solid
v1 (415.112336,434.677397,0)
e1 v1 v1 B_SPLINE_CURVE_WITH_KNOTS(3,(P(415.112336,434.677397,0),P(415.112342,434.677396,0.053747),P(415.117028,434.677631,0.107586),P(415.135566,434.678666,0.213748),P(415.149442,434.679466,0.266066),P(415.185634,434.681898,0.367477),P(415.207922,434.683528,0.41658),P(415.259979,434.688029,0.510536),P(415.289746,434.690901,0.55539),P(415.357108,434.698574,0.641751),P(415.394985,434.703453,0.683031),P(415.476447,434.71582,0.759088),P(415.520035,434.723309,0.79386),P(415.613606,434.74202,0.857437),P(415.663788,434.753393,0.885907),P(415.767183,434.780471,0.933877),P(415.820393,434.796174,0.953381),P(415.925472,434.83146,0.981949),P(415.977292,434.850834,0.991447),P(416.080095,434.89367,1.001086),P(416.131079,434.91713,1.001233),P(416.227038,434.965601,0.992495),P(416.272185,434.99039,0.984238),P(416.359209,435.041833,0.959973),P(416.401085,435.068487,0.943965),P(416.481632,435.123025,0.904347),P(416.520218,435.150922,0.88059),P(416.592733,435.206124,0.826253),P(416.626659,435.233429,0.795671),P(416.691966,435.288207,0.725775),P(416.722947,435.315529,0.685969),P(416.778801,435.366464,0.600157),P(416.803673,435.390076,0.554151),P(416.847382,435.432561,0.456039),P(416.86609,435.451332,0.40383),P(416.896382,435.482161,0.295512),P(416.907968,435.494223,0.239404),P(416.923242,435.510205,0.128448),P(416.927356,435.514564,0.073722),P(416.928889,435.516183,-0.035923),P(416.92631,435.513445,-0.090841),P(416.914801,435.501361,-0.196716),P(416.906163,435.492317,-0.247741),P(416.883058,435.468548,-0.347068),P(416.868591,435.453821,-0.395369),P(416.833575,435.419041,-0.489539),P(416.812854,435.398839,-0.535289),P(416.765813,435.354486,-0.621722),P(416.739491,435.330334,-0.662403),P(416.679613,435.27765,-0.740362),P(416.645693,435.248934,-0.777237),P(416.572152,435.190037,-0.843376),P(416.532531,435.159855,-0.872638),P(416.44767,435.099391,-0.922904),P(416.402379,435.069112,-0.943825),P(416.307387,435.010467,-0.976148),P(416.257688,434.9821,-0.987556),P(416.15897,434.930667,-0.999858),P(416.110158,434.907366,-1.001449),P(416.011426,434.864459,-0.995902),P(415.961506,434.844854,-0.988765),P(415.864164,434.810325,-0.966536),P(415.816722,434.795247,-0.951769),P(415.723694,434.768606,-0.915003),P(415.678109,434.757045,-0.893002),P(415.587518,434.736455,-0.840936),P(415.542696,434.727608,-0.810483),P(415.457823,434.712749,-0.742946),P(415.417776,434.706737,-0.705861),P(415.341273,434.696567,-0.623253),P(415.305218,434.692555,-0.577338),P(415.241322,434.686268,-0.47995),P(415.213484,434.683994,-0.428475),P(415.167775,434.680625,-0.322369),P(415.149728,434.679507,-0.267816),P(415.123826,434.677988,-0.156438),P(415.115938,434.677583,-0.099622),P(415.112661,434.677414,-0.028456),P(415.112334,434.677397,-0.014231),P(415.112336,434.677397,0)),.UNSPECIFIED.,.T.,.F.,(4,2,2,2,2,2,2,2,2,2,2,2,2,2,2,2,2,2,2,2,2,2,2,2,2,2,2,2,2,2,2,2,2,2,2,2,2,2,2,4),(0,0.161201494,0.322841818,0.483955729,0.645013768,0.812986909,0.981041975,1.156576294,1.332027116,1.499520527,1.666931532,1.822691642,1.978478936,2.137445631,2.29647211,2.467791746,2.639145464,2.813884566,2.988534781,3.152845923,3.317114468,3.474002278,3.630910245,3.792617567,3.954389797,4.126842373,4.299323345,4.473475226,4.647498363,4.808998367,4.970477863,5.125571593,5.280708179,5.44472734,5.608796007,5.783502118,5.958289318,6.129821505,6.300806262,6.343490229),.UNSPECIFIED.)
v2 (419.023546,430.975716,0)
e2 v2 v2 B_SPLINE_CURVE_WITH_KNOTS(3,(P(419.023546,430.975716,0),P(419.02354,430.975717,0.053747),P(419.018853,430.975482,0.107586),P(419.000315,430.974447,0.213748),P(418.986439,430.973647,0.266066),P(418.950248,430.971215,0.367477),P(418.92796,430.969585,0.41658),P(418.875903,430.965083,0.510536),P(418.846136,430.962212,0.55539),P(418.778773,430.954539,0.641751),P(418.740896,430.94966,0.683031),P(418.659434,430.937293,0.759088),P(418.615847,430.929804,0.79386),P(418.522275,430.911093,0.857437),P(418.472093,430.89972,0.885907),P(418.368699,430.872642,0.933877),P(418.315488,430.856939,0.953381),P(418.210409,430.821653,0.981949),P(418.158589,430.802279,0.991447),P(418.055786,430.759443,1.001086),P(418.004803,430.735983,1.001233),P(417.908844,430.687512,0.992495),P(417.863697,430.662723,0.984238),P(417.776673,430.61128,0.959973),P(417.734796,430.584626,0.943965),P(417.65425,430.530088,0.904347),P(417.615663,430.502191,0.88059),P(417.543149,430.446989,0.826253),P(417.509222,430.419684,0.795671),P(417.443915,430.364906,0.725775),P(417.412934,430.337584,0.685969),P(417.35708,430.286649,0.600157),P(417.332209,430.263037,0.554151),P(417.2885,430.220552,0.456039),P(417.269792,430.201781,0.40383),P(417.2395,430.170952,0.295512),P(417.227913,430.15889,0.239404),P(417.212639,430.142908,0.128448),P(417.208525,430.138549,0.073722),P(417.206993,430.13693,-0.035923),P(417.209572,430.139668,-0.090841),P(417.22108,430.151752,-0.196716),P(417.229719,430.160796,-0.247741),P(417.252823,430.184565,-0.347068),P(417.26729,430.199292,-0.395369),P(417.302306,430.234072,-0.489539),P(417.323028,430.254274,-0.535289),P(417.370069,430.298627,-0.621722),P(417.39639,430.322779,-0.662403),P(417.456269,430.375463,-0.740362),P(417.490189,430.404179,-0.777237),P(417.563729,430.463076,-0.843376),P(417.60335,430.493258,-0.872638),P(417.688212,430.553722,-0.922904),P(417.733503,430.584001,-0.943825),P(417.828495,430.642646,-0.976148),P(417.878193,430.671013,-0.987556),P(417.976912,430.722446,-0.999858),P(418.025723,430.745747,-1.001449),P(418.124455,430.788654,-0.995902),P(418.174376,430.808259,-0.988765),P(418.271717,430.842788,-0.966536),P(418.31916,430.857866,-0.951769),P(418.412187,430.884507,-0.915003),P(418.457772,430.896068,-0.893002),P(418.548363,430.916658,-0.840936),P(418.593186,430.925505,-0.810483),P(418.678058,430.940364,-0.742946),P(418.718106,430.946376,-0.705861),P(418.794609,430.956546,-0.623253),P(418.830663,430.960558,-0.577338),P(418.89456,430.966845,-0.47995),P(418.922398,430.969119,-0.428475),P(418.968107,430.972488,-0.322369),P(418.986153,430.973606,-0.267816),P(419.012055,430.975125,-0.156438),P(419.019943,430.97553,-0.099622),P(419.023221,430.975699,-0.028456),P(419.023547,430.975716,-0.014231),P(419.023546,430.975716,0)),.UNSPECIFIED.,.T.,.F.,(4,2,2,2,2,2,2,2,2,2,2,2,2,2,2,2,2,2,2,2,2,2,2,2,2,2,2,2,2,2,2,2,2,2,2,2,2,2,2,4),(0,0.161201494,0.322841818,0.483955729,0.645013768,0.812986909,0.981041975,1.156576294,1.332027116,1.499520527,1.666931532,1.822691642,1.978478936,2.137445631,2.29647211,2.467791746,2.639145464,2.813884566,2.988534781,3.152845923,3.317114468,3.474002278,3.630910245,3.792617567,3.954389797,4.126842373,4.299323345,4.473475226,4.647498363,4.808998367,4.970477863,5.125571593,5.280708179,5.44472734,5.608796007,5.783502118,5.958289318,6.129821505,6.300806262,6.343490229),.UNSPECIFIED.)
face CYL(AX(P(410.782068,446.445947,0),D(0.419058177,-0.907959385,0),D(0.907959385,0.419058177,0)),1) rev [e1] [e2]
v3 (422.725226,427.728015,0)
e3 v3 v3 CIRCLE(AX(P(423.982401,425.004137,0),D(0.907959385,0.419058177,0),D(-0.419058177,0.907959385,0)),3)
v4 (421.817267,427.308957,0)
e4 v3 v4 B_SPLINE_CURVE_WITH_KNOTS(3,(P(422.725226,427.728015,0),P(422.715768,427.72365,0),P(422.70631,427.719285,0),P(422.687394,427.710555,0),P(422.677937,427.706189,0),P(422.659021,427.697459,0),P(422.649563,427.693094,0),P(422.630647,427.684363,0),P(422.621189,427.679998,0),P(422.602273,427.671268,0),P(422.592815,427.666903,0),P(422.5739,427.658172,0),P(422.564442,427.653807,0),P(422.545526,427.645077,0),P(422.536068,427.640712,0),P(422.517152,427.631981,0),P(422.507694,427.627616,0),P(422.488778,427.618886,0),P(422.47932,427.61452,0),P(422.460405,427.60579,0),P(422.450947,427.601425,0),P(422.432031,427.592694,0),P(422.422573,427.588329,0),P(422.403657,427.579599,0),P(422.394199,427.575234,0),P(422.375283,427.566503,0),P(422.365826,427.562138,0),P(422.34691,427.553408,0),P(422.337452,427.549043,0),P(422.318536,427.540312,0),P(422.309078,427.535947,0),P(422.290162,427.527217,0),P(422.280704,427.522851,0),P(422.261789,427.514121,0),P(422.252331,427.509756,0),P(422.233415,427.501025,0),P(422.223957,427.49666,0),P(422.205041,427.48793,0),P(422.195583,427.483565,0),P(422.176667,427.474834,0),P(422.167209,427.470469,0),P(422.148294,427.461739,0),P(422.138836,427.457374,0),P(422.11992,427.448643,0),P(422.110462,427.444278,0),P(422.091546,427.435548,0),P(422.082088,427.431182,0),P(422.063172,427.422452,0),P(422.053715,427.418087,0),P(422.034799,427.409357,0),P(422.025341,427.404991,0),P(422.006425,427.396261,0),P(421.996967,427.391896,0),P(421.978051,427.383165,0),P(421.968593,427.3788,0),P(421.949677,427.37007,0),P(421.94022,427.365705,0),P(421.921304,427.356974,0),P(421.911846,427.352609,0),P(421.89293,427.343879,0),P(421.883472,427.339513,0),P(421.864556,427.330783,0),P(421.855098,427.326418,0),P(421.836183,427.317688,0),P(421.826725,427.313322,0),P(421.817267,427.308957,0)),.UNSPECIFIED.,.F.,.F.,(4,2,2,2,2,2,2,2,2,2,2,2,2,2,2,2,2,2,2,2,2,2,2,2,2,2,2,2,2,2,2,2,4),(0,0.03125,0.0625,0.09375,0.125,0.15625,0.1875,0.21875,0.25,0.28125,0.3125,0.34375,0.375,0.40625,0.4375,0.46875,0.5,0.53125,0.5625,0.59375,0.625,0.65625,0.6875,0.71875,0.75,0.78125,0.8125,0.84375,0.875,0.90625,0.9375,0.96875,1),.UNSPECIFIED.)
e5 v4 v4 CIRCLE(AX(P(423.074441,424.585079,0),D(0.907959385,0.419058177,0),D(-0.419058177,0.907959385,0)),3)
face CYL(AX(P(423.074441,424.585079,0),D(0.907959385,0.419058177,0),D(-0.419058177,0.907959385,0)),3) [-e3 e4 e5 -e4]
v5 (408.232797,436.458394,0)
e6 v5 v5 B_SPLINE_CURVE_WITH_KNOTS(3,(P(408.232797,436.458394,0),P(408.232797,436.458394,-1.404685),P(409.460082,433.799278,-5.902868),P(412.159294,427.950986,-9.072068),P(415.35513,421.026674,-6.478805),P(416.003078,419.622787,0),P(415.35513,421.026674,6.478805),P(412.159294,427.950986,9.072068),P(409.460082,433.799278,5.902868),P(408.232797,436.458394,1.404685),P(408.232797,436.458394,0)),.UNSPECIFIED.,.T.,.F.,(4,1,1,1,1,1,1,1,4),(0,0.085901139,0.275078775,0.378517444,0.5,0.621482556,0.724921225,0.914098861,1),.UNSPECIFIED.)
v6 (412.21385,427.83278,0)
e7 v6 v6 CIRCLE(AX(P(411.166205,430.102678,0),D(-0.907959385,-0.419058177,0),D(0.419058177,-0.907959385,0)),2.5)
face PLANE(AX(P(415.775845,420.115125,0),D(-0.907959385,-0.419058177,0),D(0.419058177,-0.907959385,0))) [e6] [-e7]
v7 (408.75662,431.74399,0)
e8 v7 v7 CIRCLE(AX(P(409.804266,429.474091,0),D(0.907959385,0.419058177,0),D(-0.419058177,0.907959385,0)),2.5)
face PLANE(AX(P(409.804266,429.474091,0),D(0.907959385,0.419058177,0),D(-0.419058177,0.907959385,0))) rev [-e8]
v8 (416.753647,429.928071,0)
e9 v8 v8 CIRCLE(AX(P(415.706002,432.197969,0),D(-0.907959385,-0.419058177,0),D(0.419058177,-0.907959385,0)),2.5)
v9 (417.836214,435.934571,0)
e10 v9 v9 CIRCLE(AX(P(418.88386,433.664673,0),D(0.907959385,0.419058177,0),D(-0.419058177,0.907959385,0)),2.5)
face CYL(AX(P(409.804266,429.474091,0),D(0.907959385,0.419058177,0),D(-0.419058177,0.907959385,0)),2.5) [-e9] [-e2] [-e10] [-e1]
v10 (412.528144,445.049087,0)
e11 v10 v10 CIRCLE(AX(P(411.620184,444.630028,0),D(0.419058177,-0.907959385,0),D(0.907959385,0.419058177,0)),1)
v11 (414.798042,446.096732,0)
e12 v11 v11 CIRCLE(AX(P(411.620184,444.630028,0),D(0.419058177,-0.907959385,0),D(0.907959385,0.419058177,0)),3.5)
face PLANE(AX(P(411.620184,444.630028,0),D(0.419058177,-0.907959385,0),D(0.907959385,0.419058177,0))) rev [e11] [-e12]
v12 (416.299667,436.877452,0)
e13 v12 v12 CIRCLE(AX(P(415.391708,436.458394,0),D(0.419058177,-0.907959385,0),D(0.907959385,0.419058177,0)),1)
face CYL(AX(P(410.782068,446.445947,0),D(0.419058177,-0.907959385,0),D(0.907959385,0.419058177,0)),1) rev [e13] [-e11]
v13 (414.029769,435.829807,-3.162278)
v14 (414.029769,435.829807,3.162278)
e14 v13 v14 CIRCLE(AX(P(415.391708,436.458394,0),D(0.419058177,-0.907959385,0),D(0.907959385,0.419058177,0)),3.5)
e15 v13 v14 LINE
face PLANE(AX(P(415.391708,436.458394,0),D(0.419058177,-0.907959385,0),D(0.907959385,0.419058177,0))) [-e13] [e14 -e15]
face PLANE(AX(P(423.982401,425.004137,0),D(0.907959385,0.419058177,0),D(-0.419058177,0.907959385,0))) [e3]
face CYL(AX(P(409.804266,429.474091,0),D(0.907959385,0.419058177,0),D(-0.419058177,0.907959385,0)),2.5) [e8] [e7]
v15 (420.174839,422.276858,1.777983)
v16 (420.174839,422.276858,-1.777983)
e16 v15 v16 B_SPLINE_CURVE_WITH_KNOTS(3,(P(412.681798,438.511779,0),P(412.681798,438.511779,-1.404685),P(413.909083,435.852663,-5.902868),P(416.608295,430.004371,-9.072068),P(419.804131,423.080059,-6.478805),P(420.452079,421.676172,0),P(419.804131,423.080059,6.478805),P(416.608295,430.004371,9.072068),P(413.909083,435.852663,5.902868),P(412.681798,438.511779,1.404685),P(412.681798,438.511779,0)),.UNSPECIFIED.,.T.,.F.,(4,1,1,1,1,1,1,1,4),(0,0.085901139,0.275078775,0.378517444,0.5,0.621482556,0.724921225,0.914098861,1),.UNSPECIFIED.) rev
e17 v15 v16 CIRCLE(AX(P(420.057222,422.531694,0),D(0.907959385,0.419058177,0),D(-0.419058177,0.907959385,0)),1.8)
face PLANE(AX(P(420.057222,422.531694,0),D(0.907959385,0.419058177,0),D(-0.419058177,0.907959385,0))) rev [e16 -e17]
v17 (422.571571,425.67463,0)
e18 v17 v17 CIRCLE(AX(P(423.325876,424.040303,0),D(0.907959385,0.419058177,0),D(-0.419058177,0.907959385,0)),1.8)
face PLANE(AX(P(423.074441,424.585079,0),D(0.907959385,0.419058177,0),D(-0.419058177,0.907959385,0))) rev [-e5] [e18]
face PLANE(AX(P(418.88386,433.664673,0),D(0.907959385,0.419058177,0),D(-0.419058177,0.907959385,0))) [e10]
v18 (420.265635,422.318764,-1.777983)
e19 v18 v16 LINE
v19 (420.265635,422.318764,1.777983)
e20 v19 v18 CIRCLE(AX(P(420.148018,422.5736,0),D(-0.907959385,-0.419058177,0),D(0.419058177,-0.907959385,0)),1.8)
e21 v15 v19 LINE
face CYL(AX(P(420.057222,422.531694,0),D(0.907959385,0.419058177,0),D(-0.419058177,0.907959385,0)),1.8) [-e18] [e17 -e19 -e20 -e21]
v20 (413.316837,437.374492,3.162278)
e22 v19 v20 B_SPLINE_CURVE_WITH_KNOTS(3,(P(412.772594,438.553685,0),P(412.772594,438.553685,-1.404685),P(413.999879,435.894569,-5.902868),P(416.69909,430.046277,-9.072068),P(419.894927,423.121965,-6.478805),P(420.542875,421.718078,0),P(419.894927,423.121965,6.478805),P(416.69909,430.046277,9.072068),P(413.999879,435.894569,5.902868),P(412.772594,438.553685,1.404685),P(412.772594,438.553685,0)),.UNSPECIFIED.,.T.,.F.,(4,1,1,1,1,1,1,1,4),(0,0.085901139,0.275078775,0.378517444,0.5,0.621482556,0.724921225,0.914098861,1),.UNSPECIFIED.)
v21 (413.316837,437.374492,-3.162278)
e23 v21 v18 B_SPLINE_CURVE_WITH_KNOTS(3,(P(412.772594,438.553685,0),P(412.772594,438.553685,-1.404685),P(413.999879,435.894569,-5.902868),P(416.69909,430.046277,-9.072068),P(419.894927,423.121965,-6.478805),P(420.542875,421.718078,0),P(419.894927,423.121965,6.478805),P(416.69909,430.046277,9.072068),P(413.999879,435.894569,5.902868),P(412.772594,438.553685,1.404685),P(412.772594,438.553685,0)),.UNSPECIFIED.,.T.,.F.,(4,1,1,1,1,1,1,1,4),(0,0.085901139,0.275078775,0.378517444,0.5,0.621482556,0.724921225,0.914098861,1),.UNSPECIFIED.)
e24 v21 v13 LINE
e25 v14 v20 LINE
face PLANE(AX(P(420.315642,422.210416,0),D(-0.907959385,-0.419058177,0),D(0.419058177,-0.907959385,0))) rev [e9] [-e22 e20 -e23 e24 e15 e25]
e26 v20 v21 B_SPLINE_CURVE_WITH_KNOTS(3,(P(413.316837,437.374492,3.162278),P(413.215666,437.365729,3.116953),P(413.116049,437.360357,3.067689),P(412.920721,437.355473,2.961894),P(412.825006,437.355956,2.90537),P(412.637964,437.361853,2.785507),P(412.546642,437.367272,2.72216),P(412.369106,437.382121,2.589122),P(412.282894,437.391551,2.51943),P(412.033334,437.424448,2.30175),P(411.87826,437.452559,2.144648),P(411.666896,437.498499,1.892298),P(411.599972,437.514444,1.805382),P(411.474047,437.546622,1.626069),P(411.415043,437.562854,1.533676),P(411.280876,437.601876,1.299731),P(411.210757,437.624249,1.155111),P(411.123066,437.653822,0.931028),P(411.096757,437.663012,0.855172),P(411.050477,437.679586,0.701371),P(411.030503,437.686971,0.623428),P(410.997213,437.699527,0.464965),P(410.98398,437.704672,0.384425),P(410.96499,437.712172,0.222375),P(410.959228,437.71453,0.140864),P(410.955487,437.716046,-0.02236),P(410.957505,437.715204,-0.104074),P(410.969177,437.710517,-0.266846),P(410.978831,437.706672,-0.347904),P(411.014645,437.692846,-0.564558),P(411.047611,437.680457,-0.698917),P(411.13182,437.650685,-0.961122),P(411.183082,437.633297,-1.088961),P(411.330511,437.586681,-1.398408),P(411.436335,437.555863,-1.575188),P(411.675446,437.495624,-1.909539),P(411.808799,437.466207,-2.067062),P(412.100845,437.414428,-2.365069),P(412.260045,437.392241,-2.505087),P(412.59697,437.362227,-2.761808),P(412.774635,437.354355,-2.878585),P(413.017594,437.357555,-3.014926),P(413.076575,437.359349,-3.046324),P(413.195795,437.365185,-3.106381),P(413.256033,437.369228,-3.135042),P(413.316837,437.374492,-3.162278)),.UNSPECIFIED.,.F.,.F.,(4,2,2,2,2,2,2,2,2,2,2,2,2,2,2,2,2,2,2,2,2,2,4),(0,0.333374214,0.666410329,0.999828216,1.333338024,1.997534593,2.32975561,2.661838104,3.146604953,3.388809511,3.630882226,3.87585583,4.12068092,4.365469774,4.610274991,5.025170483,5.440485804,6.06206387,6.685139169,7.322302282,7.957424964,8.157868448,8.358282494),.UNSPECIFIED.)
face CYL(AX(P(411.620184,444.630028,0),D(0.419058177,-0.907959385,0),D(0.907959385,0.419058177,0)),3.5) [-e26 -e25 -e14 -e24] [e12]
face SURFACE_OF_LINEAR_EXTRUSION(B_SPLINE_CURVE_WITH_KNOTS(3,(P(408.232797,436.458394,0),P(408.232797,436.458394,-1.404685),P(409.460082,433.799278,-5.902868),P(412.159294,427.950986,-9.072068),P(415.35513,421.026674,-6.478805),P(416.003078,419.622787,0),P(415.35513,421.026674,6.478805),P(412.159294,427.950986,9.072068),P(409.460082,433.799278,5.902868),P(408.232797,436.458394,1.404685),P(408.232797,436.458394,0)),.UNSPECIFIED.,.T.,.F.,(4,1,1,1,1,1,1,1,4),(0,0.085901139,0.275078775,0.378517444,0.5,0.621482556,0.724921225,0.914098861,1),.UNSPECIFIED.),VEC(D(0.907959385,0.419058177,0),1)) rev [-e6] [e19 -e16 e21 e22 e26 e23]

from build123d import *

# Parameters (mm, degrees)
PLACA_DEPTH                    = 2.5
BUJE_CABLE_PROFILE_R           = 3.5
TORNILLO_PISACABLES_PROFILE_R  = 2.5
PASO_CABLE_PRINCIPAL_PROFILE_R = 1
PESTANA_PROFILE_R              = 1.8
LABIO_PROFILE_R                = 3


with BuildPart() as part:
    # Sk_Placa → Placa (new, symmetric)
    with BuildSketch(Plane(origin=(504.880130221, 233.021598564, 0), x_dir=(0, 0, 1), z_dir=(-0.9079593845004517, -0.41905817746174717, 0))):
        with BuildLine():
            add(Edge.make_bspline(
                [(0, 225.213202705), (1.404685151, 225.213202705), (5.902868455, 222.284529944), (9.072068195, 215.843391455), (6.4788047, 208.217156085), (0, 206.670955869), (-6.4788047, 208.217156085), (-9.072068195, 215.843391455), (-5.902868455, 222.284529944), (-1.404685151, 225.213202705), (0, 225.213202705)],
                knots=[0, 0, 0, 0, 0.085901139, 0.275078775, 0.378517444, 0.5, 0.621482556, 0.724921225, 0.914098861, 1, 1, 1, 1], degree=3))
        make_face()
    extrude(amount=PLACA_DEPTH, both=True)

    # Buje_cable: sweep along a curve in space
    with BuildLine() as buje_cable_path:
        Line((411.620184428, 444.63002849, 0), (415.391708025, 436.458394029, 0))
    # Buje_cable profile (on start of the path) → Buje_cable (sweep)
    with BuildSketch(Plane(origin=(411.620184428, 444.63002849, 0), x_dir=(-0.9079593845004499, -0.4190581774617505, 0), z_dir=(0.41905817746175056, -0.9079593845004501, 0))):
        Circle(BUJE_CABLE_PROFILE_R)
    sweep(path=buje_cable_path.line)

    # Tornillo_pisacables: sweep along a curve in space
    with BuildLine() as tornillo_pisacables_path:
        Line((409.804265659, 429.474091072, 0), (418.883859504, 433.664672846, 0))
    # Tornillo_pisacables profile (on start of the path) → Tornillo_pisacables (sweep)
    with BuildSketch(Plane(origin=(409.804265659, 429.474091072, 0), x_dir=(-0.4190581774617444, 0.9079593845004529, 0), z_dir=(0.9079593845004529, 0.4190581774617444, 0))):
        Circle(TORNILLO_PISACABLES_PROFILE_R)
    sweep(path=tornillo_pisacables_path.line)

    # Paso_cable_principal: sweep along a curve in space
    with BuildLine() as paso_cable_principal_path:
        Line((410.782068073, 446.445947259, 0), (418.325115268, 430.102678338, 0))
    # Paso_cable_principal profile (on start of the path) → Paso_cable_principal (sweep, cut)
    with BuildSketch(Plane(origin=(410.782068073, 446.445947259, 0), x_dir=(-0.9079593845004518, -0.41905817746174673, 0), z_dir=(0.41905817746174673, -0.9079593845004518, 0))):
        Circle(PASO_CABLE_PRINCIPAL_PROFILE_R)
    sweep(path=paso_cable_principal_path.line, mode=Mode.SUBTRACT)

    # Pestana: sweep along a curve in space
    with BuildLine() as pestana_path:
        Line((420.057222401, 422.531693932, 0), (423.325876185, 424.04030337, 0))
    # Pestana profile (on start of the path) → Pestana (sweep)
    with BuildSketch(Plane(origin=(420.057222401, 422.531693932, 0), x_dir=(-0.4190581774617379, 0.9079593845004559, 0), z_dir=(0.9079593845004559, 0.4190581774617379, 0))):
        Circle(PESTANA_PROFILE_R)
    sweep(path=pestana_path.line)

    # Labio: sweep along a curve in space
    with BuildLine() as labio_path:
        Line((423.074441279, 424.585079001, 0), (423.982400663, 425.004137179, 0))
    # Labio profile (on start of the path) → Labio (sweep)
    with BuildSketch(Plane(origin=(423.074441279, 424.585079001, 0), x_dir=(-0.4190581774617578, 0.9079593845004467, 0), z_dir=(0.9079593845004467, 0.4190581774617578, 0))):
        Circle(LABIO_PROFILE_R)
    sweep(path=labio_path.line)


solid = part.part
